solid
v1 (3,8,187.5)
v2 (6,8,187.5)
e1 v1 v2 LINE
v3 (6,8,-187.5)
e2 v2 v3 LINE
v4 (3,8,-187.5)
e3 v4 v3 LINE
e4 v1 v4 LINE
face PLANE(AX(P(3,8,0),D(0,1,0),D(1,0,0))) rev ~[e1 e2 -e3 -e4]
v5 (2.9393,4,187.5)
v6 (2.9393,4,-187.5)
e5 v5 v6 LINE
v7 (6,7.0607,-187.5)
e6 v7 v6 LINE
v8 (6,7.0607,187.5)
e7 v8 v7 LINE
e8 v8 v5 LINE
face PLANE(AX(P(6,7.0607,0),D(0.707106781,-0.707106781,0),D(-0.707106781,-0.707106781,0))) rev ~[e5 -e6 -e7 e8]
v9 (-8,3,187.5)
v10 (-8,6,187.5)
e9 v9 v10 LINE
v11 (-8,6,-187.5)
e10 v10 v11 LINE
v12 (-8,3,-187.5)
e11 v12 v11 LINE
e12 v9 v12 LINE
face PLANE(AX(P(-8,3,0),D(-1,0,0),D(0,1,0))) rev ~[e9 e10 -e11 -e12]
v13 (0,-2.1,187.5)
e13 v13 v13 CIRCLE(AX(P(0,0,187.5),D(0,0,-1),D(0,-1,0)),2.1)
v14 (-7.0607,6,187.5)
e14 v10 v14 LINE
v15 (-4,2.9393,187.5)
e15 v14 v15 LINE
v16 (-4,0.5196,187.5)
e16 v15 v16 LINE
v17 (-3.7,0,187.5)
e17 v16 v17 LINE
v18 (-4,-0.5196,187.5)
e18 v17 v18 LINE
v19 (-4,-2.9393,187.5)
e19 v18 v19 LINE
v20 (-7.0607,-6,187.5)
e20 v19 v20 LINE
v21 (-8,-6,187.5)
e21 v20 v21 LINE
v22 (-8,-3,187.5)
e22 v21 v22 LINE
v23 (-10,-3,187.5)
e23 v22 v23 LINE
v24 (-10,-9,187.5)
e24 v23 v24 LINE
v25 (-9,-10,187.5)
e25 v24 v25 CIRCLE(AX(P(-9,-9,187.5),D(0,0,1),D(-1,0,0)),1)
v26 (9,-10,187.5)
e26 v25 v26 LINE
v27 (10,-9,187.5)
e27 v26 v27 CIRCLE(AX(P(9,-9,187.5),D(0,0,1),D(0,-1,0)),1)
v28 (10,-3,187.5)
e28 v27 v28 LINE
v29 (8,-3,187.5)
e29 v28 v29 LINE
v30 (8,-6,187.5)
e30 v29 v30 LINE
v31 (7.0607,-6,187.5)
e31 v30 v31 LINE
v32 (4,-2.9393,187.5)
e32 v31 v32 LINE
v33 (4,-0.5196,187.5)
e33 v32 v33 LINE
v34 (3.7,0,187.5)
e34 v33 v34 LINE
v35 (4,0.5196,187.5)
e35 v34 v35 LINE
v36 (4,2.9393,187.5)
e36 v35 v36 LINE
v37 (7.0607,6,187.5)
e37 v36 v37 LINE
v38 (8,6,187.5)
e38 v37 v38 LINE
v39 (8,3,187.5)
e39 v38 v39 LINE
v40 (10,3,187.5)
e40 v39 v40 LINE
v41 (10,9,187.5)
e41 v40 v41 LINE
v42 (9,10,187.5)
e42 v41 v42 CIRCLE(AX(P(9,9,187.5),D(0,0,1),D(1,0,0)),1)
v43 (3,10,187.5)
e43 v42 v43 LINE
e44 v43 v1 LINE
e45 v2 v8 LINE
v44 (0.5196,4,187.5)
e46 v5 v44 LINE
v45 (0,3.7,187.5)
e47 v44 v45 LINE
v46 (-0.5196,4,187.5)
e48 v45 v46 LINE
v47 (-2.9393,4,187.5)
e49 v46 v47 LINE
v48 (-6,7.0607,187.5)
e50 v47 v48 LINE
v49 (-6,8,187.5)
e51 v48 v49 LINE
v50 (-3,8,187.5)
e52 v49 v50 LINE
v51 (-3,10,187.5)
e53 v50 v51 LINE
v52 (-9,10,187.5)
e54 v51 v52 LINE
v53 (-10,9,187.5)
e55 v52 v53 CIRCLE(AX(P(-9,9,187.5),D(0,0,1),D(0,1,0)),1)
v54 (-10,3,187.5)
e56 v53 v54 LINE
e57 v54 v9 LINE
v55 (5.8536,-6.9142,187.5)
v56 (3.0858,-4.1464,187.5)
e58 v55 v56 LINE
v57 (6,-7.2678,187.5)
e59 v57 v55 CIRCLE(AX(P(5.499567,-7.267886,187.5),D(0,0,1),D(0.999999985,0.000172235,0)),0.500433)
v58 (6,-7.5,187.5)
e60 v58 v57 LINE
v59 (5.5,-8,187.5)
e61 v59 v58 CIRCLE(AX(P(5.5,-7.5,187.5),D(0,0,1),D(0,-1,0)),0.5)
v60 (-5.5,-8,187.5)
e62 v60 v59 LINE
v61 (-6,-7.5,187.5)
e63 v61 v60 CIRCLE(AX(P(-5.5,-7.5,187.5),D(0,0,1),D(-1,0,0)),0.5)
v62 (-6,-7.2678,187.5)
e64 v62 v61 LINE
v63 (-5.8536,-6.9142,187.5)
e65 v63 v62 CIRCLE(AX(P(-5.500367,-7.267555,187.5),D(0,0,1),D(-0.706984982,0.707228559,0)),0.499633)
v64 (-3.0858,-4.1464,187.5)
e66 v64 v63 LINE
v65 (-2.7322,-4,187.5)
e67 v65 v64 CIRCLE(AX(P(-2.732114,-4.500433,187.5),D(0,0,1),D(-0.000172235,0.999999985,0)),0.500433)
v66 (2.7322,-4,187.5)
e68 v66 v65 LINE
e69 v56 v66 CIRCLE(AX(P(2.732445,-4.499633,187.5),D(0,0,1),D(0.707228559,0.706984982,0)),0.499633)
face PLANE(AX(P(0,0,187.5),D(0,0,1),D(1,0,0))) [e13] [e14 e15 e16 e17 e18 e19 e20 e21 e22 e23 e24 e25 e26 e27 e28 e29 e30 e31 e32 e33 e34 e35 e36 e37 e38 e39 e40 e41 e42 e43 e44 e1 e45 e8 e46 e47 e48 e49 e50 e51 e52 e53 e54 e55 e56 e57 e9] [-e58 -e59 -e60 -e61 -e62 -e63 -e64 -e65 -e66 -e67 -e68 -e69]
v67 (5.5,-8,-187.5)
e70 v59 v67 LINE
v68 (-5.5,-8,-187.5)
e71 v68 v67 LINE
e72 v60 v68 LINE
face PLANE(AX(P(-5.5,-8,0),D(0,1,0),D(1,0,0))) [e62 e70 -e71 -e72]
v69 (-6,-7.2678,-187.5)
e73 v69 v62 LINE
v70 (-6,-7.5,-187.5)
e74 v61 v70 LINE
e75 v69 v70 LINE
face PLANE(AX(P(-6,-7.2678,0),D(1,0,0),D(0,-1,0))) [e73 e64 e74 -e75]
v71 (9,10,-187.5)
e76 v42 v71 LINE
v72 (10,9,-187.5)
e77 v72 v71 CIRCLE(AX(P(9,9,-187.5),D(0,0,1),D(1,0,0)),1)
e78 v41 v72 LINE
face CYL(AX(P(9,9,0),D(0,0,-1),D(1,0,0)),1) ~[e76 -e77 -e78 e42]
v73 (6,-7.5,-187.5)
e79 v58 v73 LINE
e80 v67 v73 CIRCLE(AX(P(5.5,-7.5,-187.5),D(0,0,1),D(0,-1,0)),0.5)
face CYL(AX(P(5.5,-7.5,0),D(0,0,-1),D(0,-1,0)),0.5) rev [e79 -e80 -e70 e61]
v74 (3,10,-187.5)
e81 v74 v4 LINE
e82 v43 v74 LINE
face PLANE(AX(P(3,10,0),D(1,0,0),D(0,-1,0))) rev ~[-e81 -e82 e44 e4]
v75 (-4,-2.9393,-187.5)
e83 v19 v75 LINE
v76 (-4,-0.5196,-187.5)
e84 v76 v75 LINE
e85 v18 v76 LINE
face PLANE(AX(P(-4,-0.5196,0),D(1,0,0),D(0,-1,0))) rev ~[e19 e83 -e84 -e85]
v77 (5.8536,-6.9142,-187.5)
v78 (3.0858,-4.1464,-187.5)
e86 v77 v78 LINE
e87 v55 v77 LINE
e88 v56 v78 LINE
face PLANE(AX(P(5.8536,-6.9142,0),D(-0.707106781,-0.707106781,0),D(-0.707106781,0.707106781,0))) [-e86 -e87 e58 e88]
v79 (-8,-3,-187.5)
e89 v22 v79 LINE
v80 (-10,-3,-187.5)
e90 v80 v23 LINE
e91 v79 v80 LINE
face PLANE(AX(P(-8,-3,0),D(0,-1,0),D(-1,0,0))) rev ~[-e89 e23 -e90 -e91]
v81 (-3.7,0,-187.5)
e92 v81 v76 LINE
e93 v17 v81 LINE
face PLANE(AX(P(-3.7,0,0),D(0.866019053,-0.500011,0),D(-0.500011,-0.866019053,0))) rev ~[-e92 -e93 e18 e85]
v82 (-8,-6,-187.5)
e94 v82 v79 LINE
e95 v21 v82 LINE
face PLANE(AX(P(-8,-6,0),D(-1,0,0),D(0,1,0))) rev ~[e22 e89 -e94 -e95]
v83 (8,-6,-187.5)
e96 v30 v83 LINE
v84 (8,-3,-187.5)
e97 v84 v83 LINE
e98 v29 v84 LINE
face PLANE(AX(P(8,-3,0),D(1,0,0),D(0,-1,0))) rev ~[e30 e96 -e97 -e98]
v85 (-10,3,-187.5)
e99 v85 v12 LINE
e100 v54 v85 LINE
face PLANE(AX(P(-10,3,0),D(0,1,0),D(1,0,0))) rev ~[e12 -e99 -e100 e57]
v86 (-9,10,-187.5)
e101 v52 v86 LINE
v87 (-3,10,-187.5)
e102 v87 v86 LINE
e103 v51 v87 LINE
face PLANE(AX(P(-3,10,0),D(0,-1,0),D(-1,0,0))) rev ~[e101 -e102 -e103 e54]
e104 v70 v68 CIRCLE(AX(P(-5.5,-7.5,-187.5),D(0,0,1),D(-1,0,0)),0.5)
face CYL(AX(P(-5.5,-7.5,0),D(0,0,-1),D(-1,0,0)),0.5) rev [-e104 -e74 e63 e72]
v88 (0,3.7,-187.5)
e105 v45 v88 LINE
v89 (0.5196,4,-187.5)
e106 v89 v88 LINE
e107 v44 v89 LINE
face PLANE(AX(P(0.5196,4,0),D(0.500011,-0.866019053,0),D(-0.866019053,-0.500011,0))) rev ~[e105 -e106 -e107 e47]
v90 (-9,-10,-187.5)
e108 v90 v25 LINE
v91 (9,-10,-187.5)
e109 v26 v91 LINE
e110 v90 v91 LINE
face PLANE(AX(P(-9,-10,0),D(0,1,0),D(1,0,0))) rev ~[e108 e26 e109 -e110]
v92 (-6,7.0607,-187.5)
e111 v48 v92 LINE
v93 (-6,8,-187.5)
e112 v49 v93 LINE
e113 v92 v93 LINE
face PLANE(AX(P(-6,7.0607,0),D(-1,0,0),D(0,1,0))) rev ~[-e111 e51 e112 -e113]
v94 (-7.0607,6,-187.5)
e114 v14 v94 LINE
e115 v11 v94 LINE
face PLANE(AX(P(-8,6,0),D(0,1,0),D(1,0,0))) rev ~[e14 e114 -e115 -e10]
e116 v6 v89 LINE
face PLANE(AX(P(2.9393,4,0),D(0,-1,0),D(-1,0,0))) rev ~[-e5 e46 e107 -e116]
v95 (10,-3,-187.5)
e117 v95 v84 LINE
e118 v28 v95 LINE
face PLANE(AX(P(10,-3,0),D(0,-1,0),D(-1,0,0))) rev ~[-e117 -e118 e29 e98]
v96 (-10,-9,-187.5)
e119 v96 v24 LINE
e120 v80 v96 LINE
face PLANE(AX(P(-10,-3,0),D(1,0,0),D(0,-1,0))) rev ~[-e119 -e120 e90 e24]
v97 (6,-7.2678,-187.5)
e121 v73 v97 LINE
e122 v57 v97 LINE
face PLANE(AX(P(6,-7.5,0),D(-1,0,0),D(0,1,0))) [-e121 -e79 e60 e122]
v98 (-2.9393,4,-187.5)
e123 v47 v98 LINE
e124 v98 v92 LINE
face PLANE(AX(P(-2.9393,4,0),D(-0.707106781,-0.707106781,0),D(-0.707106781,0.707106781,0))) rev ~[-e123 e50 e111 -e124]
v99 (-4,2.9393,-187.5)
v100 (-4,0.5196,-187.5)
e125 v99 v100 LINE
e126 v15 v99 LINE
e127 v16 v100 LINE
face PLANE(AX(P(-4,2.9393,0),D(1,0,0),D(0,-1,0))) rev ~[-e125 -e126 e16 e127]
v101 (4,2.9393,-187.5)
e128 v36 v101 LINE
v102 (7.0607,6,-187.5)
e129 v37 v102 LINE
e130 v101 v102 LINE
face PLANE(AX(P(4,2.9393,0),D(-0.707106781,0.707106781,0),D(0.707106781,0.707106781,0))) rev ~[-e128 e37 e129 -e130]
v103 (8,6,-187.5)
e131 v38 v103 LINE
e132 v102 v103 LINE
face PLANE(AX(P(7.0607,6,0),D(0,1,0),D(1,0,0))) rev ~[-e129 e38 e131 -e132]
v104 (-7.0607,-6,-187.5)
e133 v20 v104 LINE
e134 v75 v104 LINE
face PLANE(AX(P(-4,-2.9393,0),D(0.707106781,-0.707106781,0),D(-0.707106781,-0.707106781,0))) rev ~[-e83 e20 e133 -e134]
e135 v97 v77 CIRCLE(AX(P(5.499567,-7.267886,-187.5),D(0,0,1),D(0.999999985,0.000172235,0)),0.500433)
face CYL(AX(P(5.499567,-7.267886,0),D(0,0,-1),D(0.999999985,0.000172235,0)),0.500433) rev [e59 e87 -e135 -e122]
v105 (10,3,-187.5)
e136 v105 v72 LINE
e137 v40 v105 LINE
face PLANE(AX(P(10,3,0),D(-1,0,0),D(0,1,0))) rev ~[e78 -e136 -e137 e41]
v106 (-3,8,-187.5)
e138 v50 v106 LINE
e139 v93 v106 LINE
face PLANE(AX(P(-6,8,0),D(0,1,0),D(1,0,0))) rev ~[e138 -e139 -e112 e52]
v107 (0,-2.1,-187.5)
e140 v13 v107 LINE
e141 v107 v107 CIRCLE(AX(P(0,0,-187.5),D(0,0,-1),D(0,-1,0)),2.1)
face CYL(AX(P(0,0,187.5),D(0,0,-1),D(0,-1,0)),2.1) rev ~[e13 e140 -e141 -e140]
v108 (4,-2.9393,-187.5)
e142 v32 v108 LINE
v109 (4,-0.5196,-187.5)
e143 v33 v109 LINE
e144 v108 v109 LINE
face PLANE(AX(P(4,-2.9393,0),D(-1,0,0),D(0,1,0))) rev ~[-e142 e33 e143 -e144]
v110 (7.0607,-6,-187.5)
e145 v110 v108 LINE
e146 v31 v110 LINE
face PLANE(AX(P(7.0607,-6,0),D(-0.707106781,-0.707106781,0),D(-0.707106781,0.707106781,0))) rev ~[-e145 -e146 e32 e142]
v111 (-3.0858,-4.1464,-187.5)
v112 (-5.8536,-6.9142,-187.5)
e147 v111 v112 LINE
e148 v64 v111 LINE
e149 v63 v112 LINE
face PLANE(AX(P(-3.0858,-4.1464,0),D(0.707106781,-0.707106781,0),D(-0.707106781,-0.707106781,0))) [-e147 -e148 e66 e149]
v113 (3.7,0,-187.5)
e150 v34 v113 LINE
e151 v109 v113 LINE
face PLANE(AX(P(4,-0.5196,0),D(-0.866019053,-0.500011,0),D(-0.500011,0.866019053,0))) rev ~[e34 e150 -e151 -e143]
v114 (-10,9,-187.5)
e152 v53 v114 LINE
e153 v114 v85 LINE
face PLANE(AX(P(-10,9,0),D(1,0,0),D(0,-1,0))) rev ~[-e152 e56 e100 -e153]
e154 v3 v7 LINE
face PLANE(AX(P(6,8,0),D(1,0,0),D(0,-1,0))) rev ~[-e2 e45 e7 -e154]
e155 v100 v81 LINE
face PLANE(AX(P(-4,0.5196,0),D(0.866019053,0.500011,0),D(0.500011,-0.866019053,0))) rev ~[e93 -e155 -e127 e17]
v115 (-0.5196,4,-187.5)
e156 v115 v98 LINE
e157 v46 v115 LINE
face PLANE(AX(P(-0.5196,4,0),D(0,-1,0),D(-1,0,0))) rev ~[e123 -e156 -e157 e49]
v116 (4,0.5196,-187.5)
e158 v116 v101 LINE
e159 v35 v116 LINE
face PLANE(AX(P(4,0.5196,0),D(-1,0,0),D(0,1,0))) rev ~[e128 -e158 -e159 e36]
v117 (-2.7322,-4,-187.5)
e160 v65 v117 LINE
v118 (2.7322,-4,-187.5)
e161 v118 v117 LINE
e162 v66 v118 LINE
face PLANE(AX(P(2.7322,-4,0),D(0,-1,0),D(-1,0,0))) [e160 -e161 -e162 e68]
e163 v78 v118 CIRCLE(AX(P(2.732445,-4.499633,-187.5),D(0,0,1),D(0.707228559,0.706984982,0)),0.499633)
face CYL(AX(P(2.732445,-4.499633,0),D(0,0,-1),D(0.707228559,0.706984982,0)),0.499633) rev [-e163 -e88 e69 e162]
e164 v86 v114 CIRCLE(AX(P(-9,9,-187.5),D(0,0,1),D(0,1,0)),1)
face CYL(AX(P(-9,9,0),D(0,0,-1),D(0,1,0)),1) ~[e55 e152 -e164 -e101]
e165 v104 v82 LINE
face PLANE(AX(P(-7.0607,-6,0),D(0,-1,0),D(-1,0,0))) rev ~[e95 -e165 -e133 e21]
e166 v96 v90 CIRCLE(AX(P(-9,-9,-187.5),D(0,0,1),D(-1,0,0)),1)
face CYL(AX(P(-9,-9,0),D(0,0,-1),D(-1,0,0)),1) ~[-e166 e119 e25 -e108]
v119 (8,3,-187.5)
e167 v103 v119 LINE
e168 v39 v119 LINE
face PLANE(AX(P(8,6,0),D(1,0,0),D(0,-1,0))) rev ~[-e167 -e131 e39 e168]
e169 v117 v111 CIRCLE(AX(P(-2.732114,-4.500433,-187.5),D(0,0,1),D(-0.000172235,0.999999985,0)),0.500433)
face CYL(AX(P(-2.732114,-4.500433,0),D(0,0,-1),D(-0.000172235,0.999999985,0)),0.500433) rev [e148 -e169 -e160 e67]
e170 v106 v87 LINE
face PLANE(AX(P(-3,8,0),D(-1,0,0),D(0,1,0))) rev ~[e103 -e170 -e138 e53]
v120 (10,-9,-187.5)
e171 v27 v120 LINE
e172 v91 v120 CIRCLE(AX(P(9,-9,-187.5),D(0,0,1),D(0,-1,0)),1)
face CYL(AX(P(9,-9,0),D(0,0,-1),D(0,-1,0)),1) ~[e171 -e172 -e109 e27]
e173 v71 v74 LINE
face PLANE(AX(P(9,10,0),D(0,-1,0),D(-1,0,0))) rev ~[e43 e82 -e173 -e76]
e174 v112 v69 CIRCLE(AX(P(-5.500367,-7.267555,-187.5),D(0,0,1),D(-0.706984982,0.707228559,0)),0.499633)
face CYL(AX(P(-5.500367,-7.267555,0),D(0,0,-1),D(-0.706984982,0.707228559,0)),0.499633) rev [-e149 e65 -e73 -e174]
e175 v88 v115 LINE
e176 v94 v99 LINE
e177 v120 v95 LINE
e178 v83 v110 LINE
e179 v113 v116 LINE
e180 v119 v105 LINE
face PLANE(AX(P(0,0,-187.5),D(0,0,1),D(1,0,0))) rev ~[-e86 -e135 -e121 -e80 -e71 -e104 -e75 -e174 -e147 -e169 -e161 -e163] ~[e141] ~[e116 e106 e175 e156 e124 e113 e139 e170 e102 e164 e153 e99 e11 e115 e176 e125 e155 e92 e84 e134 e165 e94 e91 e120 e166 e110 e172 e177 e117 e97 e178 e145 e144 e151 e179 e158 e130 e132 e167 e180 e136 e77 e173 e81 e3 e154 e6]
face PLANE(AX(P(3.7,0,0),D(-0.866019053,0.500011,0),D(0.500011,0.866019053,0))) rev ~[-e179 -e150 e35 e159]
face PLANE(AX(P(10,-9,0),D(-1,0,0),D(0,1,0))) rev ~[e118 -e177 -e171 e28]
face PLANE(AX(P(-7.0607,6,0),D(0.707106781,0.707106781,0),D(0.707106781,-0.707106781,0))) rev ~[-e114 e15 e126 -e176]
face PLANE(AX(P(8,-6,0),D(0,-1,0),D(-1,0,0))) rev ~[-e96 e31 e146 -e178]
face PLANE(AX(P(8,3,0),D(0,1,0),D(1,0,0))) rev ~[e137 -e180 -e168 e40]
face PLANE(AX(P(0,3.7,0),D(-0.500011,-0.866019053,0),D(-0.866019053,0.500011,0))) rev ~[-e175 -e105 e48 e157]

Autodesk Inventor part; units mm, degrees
sketch "Sketch_63" plane through (0, 0, 0) normal (0, 0, 1) x (1, 0, 0)
  line L0 (-10, -3) -> (-10, -9)
  arc A0 (-10, -9) -> (-9, -10) centre (-9, -9) ccw
  line L1 (-9, -10) -> (9, -10)
  arc A1 (9, -10) -> (10, -9) centre (9, -9) ccw
  line L2 (10, -9) -> (10, -3)
  line L3 (10, -3) -> (8, -3)
  line L4 (8, -3) -> (8, -6)
  line L5 (8, -6) -> (7.0607, -6)
  line L6 (7.0607, -6) -> (4, -2.9393)
  line L7 (4, -2.9393) -> (4, -0.5196)
  line L8 (4, -0.5196) -> (3.7, 0)
  line L9 (3.7, 0) -> (4, 0.5196)
  line L10 (4, 0.5196) -> (4, 2.9393)
  line L11 (4, 2.9393) -> (7.0607, 6)
  line L12 (7.0607, 6) -> (8, 6)
  line L13 (8, 6) -> (8, 3)
  line L14 (8, 3) -> (10, 3)
  line L15 (10, 3) -> (10, 9)
  arc A2 (10, 9) -> (9, 10) centre (9, 9) ccw
  line L16 (9, 10) -> (3, 10)
  line L17 (3, 10) -> (3, 8)
  line L18 (3, 8) -> (6, 8)
  line L19 (6, 8) -> (6, 7.0607)
  line L20 (6, 7.0607) -> (2.9393, 4)
  line L21 (2.9393, 4) -> (0.5196, 4)
  line L22 (0.5196, 4) -> (0, 3.7)
  line L23 (0, 3.7) -> (-0.5196, 4)
  line L24 (-0.5196, 4) -> (-2.9393, 4)
  line L25 (-2.9393, 4) -> (-6, 7.0607)
  line L26 (-6, 7.0607) -> (-6, 8)
  line L27 (-6, 8) -> (-3, 8)
  line L28 (-3, 8) -> (-3, 10)
  line L29 (-3, 10) -> (-9, 10)
  arc A3 (-9, 10) -> (-10, 9) centre (-9, 9) ccw
  line L30 (-10, 9) -> (-10, 3)
  line L31 (-10, 3) -> (-8, 3)
  line L32 (-8, 3) -> (-8, 6)
  line L33 (-8, 6) -> (-7.0607, 6)
  line L34 (-7.0607, 6) -> (-4, 2.9393)
  line L35 (-4, 2.9393) -> (-4, 0.5196)
  line L36 (-4, 0.5196) -> (-3.7, 0)
  line L37 (-3.7, 0) -> (-4, -0.5196)
  line L38 (-4, -0.5196) -> (-4, -2.9393)
  line L39 (-4, -2.9393) -> (-7.0607, -6)
  line L40 (-7.0607, -6) -> (-8, -6)
  line L41 (-8, -6) -> (-8, -3)
  line L42 (-8, -3) -> (-10, -3)
  line L43 (-6, -7.2678) -> (-6, -7.5)
  arc A4 (-6, -7.5) -> (-5.5, -8) centre (-5.5, -7.5) ccw
  line L44 (-5.5, -8) -> (5.5, -8)
  arc A5 (5.5, -8) -> (6, -7.5) centre (5.5, -7.5) ccw
  line L45 (6, -7.5) -> (6, -7.2678)
  arc A6 (6, -7.2678) -> (5.8536, -6.9142) centre (5.5, -7.2678) ccw
  line L46 (5.8536, -6.9142) -> (3.0858, -4.1464)
  arc A7 (3.0858, -4.1464) -> (2.7322, -4) centre (2.7322, -4.5) ccw
  line L47 (2.7322, -4) -> (-2.7322, -4)
  arc A8 (-2.7322, -4) -> (-3.0858, -4.1464) centre (-2.7322, -4.5) ccw
  line L48 (-3.0858, -4.1464) -> (-5.8536, -6.9142)
  arc A9 (-5.8536, -6.9142) -> (-6, -7.2678) centre (-5.5, -7.2678) ccw
extrude "Extrusion1" add sketch "Sketch_63" along normal mid plane 375
sketch "Sketch2" plane through (0, 0, 187.5) normal (0, 0, 1) x (-1, 0, 0)
  point P0 (0, 0)
hole "Hole1" at (0, 0, 187.5) direction (0, 0, -1) diameter 4.2 depth 440
ref_plane "C1_XY" through (0, 0, 0) normal (0, 0, 1) x (1, 0, 0)
ref_plane "C1_YZ" through (0, 0, 0) normal (1, 0, 0) x (0, 1, 0)
ref_plane "C1_ZX" through (0, 0, 0) normal (0, 1, 0) x (0, 0, 1)
thread "Thread1" size "M5x0.8" class "6H" standard "ANSI Metric M Profile" length 10
thread "Thread2" size "M5x0.8" class "6H" standard "ANSI Metric M Profile" length 10
properties part number "HFSF5-2020-375" material "Aluminum 6061"
